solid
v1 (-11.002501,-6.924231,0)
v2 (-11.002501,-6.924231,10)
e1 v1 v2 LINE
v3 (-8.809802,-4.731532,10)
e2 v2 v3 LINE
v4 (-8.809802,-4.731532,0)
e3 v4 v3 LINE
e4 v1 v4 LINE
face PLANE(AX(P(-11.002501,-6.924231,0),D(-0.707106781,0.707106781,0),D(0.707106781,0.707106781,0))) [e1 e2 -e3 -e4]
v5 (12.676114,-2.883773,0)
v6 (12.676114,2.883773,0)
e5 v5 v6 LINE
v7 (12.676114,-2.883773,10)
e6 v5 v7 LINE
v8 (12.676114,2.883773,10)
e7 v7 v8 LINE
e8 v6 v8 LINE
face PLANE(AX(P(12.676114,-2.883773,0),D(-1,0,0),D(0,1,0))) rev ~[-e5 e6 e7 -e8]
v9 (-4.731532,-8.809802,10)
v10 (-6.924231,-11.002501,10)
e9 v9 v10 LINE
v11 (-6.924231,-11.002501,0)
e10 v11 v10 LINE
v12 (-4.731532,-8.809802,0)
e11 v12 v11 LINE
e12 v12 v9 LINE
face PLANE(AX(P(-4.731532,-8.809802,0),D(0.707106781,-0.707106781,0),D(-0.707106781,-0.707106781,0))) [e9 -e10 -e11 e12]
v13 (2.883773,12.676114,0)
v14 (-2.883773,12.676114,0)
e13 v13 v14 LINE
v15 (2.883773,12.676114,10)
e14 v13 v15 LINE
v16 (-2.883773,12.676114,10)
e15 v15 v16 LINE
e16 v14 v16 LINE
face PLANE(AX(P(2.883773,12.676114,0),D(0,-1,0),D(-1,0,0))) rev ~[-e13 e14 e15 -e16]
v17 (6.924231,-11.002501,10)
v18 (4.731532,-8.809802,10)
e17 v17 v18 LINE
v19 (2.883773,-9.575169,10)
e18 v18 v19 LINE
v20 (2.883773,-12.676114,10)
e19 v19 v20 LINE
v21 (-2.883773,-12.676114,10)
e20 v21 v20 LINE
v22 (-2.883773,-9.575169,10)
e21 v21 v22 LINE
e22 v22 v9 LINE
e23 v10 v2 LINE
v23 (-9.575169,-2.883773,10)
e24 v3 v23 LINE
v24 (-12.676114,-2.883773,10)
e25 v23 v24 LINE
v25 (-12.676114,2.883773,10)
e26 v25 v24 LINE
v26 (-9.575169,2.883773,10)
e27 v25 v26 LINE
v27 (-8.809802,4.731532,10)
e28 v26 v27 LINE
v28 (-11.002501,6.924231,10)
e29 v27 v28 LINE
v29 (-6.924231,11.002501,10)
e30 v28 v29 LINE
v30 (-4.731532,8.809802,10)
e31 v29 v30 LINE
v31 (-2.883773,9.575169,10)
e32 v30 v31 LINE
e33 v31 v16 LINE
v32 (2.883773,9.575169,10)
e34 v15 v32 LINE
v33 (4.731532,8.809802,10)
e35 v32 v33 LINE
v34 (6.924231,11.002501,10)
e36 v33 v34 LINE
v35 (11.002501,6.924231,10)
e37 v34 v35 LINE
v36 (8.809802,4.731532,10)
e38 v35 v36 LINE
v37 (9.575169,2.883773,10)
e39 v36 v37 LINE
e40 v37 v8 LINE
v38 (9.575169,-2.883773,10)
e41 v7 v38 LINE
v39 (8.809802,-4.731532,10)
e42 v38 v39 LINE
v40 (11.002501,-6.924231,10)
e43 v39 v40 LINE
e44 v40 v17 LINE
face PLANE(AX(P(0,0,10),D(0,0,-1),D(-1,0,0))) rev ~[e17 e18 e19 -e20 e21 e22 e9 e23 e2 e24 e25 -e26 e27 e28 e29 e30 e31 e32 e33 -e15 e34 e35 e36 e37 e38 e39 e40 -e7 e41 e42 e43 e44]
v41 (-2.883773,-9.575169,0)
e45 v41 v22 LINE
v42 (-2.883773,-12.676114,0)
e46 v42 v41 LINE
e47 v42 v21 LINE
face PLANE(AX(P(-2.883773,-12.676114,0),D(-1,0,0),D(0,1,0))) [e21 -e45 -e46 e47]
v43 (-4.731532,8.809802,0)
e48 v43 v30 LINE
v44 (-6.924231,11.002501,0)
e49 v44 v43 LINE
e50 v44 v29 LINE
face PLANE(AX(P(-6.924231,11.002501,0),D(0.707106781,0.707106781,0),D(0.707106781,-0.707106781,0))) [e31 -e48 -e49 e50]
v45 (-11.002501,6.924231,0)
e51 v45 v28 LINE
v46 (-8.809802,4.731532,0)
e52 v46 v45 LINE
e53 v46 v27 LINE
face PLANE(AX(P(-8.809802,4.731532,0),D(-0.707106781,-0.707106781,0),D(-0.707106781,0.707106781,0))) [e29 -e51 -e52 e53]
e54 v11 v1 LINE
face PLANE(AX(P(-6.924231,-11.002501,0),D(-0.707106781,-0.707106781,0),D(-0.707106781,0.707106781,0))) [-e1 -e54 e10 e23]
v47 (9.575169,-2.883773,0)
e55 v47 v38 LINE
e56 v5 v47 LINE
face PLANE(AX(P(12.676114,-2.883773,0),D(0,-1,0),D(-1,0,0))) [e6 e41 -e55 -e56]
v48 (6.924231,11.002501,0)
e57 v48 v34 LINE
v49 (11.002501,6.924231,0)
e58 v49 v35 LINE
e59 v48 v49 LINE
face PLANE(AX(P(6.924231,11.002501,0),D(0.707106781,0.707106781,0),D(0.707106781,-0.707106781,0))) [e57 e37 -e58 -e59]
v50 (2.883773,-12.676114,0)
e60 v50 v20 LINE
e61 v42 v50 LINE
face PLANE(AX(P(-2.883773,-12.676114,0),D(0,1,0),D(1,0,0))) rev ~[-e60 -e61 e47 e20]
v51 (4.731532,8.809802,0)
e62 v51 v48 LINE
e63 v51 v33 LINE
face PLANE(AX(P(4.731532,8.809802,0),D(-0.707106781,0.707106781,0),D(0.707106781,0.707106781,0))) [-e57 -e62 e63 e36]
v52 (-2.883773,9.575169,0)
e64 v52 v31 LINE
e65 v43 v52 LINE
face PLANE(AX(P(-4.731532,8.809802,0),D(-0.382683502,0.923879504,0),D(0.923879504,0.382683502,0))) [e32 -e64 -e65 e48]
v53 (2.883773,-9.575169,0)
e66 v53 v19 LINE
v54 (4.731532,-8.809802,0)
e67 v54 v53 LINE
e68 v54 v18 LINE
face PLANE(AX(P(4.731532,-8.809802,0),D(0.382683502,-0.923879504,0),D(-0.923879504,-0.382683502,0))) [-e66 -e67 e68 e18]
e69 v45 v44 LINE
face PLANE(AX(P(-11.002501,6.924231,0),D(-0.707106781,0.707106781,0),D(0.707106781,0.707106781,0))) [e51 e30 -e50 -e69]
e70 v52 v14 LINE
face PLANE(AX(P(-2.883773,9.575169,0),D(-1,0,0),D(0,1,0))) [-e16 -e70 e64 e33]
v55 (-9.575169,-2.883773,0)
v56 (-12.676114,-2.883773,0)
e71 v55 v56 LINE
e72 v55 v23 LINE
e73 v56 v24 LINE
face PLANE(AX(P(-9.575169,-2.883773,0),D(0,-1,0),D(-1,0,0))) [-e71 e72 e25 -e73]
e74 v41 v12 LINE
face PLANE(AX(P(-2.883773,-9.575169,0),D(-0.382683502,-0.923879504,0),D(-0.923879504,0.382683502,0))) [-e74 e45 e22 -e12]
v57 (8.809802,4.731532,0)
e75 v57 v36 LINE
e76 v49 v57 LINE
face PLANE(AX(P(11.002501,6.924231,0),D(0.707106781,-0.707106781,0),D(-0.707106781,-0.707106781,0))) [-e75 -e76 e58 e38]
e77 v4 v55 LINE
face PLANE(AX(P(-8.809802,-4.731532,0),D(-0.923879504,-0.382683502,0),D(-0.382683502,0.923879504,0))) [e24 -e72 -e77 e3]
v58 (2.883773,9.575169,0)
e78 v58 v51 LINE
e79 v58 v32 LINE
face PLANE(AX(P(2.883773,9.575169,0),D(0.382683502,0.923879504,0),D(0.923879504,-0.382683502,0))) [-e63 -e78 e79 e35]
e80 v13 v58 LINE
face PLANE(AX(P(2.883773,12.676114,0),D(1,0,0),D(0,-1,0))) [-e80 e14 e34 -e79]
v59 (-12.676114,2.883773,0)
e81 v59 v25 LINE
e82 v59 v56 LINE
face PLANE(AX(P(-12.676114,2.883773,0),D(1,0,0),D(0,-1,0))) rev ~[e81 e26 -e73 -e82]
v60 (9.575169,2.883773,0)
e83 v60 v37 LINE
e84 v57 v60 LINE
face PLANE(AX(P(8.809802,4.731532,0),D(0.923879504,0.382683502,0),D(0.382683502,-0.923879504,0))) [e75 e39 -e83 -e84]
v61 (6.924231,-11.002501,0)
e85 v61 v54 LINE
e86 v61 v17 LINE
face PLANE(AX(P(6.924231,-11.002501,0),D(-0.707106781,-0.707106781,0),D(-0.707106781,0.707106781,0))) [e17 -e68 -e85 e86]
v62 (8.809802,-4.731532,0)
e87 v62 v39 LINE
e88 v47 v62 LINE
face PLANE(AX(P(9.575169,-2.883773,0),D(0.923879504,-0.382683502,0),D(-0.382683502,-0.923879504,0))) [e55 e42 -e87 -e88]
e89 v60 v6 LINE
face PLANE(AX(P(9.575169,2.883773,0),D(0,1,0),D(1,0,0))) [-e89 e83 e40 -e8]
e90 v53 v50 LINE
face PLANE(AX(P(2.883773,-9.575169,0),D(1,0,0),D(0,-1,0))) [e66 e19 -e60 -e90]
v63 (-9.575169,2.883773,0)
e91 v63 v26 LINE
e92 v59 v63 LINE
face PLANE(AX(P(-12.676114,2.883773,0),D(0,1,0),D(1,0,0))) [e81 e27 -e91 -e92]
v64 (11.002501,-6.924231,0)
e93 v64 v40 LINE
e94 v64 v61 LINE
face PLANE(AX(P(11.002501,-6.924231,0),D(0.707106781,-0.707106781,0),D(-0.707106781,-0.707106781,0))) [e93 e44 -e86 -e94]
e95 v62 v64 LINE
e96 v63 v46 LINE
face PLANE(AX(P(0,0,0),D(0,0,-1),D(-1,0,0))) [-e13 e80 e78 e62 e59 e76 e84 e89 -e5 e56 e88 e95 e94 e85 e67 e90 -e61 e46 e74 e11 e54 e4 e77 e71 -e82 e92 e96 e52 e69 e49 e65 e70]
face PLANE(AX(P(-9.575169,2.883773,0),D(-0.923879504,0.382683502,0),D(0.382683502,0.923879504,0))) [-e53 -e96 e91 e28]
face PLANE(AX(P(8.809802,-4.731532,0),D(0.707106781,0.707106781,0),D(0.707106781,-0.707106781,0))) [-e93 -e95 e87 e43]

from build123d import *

# Parameters (mm, degrees)
PAD_DEPTH = 10


with BuildPart() as part:
    # Sketch → Pad (new body)
    with BuildSketch(Plane.XY):
        Polygon((0, 12.676114), (2.883773, 12.676114), (2.883773, 9.575169), (4.731532, 8.809802), (6.924231, 11.002501), (11.002501, 6.924231), (8.809802, 4.731532), (9.575169, 2.883773), (12.676114, 2.883773), (12.676114, 0), (12.676114, -2.883773), (9.575169, -2.883773), (8.809802, -4.731532), (11.002501, -6.924231), (6.924231, -11.002501), (4.731532, -8.809802), (2.883773, -9.575169), (2.883773, -12.676114), (0, -12.676114), (-2.883773, -12.676114), (-2.883773, -9.575169), (-4.731532, -8.809802), (-6.924231, -11.002501), (-11.002501, -6.924231), (-8.809802, -4.731532), (-9.575169, -2.883773), (-12.676114, -2.883773), (-12.676114, 0), (-12.676114, 2.883773), (-9.575169, 2.883773), (-8.809802, 4.731532), (-11.002501, 6.924231), (-6.924231, 11.002501), (-4.731532, 8.809802), (-2.883773, 9.575169), (-2.883773, 12.676114), align=None)
    extrude(amount=PAD_DEPTH)


solid = part.part
